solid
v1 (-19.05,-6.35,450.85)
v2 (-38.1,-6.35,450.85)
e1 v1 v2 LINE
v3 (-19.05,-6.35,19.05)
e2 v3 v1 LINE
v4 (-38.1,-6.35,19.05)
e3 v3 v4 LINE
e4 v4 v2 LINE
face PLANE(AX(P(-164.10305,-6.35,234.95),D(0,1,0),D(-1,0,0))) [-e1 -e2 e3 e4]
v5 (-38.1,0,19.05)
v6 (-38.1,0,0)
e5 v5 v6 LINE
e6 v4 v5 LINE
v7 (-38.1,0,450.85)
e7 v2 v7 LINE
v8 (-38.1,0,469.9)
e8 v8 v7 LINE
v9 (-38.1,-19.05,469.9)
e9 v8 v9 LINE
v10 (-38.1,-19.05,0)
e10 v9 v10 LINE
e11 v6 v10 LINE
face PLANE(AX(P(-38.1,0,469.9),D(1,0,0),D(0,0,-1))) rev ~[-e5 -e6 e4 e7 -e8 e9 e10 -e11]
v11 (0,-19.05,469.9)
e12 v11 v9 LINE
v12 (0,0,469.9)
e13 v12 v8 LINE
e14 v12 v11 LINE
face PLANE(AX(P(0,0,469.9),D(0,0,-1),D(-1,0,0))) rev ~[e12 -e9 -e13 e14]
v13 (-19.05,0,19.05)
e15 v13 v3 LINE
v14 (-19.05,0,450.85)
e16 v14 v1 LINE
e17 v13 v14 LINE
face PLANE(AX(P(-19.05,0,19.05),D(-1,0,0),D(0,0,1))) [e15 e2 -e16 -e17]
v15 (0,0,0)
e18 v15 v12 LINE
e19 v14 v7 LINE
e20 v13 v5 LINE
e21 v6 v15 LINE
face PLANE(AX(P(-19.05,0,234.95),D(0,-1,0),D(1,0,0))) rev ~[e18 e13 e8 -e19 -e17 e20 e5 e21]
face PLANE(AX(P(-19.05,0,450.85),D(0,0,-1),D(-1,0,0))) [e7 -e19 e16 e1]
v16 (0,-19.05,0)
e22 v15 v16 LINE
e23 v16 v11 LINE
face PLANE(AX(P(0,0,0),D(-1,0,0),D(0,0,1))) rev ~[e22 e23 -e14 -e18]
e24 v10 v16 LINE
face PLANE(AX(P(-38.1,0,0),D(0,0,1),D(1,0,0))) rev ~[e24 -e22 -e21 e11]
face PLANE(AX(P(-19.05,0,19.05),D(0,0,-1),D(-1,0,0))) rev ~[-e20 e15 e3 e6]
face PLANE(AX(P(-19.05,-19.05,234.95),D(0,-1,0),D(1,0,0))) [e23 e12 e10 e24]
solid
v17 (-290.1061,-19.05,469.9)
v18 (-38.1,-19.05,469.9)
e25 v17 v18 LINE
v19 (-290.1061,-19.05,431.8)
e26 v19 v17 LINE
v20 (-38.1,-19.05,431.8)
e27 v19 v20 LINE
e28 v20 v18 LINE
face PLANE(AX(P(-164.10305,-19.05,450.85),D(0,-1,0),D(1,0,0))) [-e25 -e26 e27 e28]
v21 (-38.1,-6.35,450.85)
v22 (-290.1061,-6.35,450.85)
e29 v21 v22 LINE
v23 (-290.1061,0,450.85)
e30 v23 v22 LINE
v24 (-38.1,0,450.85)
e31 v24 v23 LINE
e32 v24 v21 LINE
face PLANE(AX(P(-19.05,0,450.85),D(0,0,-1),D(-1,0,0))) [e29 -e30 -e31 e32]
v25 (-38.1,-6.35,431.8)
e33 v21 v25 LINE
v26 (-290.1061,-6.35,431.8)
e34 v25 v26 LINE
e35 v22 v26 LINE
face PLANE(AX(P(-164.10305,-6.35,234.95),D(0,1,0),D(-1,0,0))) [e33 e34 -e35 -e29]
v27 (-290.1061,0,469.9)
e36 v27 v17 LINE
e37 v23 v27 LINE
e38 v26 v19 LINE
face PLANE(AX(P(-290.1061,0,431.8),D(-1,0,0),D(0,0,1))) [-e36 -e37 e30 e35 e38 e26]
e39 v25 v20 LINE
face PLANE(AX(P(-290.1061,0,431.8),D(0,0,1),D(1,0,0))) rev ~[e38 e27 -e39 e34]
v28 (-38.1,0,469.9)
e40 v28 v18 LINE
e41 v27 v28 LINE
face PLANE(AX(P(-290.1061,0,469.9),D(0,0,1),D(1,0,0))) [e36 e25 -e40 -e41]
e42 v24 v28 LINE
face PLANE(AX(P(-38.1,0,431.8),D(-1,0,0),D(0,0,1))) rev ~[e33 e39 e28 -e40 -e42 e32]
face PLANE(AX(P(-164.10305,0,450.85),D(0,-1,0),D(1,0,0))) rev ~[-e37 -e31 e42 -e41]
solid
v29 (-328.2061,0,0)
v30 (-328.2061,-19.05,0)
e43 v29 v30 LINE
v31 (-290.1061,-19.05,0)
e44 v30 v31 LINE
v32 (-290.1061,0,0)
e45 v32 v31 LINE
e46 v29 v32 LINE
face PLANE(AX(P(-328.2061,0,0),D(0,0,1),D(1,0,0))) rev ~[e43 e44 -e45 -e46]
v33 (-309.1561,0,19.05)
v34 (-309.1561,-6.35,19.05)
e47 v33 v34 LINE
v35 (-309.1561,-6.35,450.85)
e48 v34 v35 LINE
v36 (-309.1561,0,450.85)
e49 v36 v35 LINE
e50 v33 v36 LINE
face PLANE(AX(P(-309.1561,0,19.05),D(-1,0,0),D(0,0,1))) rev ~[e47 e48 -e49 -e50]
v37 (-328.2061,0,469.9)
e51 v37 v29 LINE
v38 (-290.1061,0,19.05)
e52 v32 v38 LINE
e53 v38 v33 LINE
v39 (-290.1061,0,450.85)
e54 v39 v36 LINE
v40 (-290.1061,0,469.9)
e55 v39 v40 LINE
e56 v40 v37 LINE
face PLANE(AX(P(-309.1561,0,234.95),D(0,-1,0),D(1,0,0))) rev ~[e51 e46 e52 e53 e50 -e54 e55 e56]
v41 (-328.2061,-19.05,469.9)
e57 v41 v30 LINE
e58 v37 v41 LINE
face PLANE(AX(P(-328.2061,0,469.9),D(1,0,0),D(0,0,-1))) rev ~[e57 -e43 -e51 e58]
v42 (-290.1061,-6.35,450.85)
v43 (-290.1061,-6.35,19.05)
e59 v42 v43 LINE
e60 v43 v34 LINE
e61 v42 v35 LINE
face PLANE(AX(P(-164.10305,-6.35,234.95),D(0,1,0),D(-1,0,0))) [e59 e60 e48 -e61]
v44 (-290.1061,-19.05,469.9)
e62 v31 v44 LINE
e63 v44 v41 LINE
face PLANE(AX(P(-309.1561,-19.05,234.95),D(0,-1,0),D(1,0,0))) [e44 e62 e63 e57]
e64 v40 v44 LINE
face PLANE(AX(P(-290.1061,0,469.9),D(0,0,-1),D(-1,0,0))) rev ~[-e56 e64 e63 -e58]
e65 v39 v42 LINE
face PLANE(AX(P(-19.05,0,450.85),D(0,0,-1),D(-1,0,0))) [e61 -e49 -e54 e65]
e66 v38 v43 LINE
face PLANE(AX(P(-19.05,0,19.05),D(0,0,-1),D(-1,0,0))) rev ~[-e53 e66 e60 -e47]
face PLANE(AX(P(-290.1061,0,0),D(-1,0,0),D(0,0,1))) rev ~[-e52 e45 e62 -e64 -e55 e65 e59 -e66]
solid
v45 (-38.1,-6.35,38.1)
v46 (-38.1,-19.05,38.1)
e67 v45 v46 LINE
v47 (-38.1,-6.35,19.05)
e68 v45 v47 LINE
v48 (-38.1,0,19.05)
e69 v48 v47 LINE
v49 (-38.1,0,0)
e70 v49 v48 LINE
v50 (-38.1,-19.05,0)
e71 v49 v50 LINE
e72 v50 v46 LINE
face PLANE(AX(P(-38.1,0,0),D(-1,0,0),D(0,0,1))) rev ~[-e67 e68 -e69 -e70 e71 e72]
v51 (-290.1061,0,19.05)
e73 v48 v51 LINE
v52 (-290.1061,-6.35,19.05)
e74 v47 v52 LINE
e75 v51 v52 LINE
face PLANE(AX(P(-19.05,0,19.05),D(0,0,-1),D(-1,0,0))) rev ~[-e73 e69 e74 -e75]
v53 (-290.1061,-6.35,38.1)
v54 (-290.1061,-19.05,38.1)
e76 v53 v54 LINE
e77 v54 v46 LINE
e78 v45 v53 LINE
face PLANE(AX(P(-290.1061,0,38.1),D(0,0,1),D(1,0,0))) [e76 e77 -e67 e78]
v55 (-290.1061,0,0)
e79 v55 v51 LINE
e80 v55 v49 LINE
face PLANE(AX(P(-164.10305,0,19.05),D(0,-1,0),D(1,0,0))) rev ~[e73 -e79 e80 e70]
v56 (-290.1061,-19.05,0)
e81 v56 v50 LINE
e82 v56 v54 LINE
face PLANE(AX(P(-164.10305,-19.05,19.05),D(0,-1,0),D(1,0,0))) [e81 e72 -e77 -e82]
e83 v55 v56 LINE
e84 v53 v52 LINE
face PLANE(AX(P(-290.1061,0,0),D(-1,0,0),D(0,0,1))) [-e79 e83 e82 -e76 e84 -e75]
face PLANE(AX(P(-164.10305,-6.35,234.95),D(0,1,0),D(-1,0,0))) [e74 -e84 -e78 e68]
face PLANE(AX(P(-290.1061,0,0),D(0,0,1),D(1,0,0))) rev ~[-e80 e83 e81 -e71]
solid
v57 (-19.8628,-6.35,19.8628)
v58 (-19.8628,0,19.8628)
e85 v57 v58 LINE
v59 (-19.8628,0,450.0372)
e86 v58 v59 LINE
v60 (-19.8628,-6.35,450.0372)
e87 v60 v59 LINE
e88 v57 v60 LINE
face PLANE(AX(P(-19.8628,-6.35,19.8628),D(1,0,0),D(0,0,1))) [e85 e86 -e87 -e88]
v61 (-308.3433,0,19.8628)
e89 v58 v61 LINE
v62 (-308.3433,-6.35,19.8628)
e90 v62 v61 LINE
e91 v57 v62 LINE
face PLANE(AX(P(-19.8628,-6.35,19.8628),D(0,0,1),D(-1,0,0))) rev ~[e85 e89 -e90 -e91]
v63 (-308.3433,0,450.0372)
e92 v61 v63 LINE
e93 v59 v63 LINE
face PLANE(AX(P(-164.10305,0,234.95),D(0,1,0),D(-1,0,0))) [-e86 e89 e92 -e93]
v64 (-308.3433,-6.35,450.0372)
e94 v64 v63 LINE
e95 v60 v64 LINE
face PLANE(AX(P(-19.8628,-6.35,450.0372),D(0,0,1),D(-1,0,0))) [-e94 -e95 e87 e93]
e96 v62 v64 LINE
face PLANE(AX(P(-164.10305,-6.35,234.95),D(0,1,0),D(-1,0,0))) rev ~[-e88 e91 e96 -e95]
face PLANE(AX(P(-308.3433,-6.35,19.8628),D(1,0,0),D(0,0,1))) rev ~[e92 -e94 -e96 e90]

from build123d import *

# Parameters (mm, degrees)
F0_W     = 252.0061
F0_H     = 38.1
F1_DEPTH = 19.05
F2_DEPTH = 19.05
F3_DEPTH = 19.05
F4_DEPTH = 19.05
F5_W     = 290.1061
F5_H     = 431.8
F6_DEPTH = 6.35
F7_W     = 288.4805
F7_H     = 430.1744
F8_DEPTH = 6.35


with BuildPart() as f1:
    # F0 (on Front) → F1 (new body)
    with BuildSketch(Plane.XZ):
        with Locations((-164.10305, 450.85)):
            Rectangle(F0_W, F0_H)
    extrude(amount=F1_DEPTH)


with BuildPart() as f2:
    # F0 (on Front) → F2 (new body)
    with BuildSketch(Plane.XZ):
        Polygon((-328.2061, 0), (-290.1061, 0), (-290.1061, 38.1), (-290.1061, 431.8), (-290.1061, 469.9), (-328.2061, 469.9), align=None)
    extrude(amount=F2_DEPTH)


with BuildPart() as f3:
    # F0 (on Front) → F3 (new body)
    with BuildSketch(Plane.XZ):
        with Locations((-164.10305, 19.05)):
            Rectangle(F0_W, F0_H)
    extrude(amount=F3_DEPTH)


with BuildPart() as f4:
    # F0 (on Front) → F4 (new body)
    with BuildSketch(Plane.XZ):
        Polygon((-38.1, 0), (0, 0), (0, 469.9), (-38.1, 469.9), (-38.1, 431.8), (-38.1, 38.1), align=None)
    extrude(amount=F4_DEPTH)


with BuildPart() as f6_tool:
    # F5 (on face) → F6 (new body)
    with BuildSketch(Plane(origin=(0, 0, 0), x_dir=(-1, 0, 0), z_dir=(0, 1, 0))):
        with Locations((164.10305, 234.95)):
            Rectangle(F5_W, F5_H)
    extrude(amount=-F6_DEPTH)


with BuildPart() as f1_1:
    add(f1.part)

    # F6: cut by f6_tool
    add(f6_tool.part, mode=Mode.SUBTRACT)


with BuildPart() as f2_1:
    add(f2.part)

    # F6: cut by f6_tool
    add(f6_tool.part, mode=Mode.SUBTRACT)


with BuildPart() as f3_1:
    add(f3.part)

    # F6: cut by f6_tool
    add(f6_tool.part, mode=Mode.SUBTRACT)


with BuildPart() as f4_1:
    add(f4.part)

    # F6: cut by f6_tool
    add(f6_tool.part, mode=Mode.SUBTRACT)


with BuildPart() as f8:
    # F7 (on face) → F8 (new body, through all)
    with BuildSketch(Plane(origin=(0, -6.35, 0), x_dir=(-1, 0, 0), z_dir=(0, 1, 0))):
        with Locations((164.10305, 234.95)):
            Rectangle(F7_W, F7_H)
    extrude(amount=F8_DEPTH)


solid = Compound([f1_1.part, f2_1.part, f3_1.part, f4_1.part, f8.part])
